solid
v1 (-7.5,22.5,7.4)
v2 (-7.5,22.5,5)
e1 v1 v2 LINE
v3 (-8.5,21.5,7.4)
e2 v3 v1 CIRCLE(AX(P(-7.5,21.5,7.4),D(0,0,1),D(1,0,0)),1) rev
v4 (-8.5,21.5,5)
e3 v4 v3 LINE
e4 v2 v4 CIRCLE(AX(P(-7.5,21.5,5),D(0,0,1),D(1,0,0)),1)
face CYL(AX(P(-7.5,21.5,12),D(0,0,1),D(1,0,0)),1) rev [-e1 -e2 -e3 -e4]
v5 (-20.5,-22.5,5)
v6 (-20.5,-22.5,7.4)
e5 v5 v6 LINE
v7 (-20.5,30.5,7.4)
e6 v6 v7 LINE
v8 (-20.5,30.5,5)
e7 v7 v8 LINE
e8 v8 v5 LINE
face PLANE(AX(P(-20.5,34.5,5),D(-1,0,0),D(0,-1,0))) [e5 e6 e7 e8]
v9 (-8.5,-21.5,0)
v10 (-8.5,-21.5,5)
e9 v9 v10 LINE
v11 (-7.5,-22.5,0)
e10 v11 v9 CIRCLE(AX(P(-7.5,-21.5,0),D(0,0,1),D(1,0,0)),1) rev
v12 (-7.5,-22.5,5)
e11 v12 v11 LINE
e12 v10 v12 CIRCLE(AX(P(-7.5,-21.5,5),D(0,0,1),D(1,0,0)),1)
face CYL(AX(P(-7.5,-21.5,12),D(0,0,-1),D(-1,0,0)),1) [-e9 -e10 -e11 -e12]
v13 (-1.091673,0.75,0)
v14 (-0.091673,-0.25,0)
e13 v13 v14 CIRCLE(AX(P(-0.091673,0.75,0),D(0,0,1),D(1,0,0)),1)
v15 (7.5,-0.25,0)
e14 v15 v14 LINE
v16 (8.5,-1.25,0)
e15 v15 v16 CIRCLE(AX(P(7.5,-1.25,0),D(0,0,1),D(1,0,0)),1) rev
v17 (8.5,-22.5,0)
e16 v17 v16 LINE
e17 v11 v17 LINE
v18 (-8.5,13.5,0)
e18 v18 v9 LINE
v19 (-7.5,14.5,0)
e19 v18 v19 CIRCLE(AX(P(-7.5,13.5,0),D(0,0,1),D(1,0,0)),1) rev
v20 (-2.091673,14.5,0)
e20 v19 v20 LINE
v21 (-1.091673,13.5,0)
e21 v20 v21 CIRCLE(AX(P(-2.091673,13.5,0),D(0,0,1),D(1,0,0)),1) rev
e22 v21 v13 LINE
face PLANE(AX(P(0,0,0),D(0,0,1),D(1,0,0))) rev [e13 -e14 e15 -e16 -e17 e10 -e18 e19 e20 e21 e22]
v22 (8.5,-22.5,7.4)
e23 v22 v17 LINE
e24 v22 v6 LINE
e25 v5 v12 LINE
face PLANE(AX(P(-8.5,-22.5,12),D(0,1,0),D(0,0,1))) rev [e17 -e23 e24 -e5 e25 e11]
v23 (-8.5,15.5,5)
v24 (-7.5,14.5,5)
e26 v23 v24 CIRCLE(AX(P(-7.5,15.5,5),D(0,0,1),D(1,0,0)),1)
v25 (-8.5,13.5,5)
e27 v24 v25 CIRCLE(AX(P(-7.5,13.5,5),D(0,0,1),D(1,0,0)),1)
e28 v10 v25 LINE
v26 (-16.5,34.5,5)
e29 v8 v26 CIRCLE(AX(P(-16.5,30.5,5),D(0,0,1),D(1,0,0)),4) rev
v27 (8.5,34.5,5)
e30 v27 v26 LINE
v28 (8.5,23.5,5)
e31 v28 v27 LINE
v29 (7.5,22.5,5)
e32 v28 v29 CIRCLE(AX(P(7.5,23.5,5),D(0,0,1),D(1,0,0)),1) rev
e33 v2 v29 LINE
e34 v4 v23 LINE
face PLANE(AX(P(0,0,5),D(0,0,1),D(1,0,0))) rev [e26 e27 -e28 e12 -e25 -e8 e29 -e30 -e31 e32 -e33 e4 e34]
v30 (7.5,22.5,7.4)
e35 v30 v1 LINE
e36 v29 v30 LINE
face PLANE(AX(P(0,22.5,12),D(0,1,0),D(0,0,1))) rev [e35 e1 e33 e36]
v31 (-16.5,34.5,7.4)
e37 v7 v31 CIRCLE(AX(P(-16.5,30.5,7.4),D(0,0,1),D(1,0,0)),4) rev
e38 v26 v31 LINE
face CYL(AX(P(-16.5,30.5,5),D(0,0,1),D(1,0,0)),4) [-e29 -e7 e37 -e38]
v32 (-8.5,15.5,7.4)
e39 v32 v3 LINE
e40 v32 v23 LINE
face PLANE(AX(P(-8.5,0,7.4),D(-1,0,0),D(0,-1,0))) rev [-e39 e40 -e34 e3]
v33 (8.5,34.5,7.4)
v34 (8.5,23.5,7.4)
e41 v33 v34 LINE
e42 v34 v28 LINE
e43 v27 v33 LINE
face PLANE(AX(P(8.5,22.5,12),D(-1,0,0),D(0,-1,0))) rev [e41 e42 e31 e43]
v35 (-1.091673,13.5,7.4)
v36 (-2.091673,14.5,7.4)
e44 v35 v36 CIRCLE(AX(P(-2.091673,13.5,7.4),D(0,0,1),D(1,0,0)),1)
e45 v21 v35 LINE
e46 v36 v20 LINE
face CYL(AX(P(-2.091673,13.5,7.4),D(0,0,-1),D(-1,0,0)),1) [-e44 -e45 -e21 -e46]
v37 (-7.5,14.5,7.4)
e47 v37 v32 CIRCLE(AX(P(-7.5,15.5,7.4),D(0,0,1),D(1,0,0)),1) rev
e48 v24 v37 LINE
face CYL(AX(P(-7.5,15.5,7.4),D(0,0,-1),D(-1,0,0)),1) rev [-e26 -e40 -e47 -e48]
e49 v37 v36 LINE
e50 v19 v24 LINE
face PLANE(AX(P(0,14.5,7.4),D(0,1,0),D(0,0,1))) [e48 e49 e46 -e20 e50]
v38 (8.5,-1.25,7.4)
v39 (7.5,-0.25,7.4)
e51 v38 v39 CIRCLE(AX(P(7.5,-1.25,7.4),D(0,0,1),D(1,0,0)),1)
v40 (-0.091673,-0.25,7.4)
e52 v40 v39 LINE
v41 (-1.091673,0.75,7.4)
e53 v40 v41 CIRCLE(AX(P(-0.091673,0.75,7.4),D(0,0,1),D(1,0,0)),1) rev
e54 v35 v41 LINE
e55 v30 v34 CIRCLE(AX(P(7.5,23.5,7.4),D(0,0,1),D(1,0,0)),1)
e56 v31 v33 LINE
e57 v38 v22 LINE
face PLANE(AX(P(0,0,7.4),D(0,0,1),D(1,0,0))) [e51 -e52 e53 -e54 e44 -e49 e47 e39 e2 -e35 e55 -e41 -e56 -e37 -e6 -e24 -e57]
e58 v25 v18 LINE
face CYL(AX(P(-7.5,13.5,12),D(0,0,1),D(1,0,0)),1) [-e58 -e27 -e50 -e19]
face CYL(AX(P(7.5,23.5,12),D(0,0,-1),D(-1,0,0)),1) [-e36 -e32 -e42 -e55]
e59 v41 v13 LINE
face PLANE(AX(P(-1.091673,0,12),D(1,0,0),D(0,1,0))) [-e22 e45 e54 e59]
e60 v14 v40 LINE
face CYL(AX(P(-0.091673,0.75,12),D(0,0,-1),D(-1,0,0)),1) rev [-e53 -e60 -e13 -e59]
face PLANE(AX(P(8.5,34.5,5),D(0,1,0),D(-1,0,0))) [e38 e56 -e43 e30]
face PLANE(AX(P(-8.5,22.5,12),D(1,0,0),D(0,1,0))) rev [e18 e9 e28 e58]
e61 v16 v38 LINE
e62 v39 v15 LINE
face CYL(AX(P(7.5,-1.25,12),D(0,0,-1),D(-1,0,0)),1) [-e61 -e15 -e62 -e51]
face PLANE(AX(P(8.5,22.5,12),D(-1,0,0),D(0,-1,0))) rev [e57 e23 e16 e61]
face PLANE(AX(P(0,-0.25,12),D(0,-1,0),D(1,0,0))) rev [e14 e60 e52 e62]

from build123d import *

# Parameters (mm, degrees)
SKETCH1_W           = 17
SKETCH1_H           = 45
BOSS_EXTRUDE1_DEPTH = 12
BOSS_EXTRUDE2_DEPTH = 7
FILLET1_R           = 4
CUT_EXTRUDE1_DEPTH  = 42.886752082
CUT_EXTRUDE2_START  = -4.6
CUT_EXTRUDE2_DEPTH  = 4.6
SKETCH5_W           = 8
SKETCH5_H           = 8
CUT_EXTRUDE3_DEPTH  = 41.807597332
FILLET2_R           = 1
FILLET3_R           = 1


with BuildPart() as part:
    # Sketch1 → Boss-Extrude1 (new body)
    with BuildSketch(Plane.XY):
        Rectangle(SKETCH1_W, SKETCH1_H)
    extrude(amount=BOSS_EXTRUDE1_DEPTH)

    # Sketch2 → Boss-Extrude2 (add)
    with BuildSketch(Plane.XY.offset(12)):
        Polygon((-8.5, -22.5), (-8.5, 22.5), (8.5, 22.5), (8.5, 34.5), (-20.5, 34.5), (-20.5, -22.5), align=None)
    extrude(amount=-BOSS_EXTRUDE2_DEPTH)

    # Fillet1
    fillet1_edges = [part.edges().sort_by_distance(p)[0] for p in [
        (-20.5, 34.5, 8.5),
    ]]
    fillet(fillet1_edges, radius=FILLET1_R)

    # Sketch3 → Cut-Extrude1 (cut, through all)
    with BuildSketch(Plane(origin=(0, 0, 0), x_dir=(-1, 0, 0), z_dir=(0, 0, -1))):
        Polygon((-2.5, -0.25), (1.091673087, -0.25), (1.091673087, 22.5), (-8.5, 22.5), (-8.5, -0.25), (-3.5, -0.25), align=None)
    extrude(amount=-CUT_EXTRUDE1_DEPTH, mode=Mode.SUBTRACT)

    # Sketch4 → Cut-Extrude2 (cut)
    with BuildSketch(Plane.XY.offset(12).offset(CUT_EXTRUDE2_START)):
        with BuildLine():
            Line((-1.091673087, -0.25), (-1.091673087, 22.5))
            Line((-1.091673087, 22.5), (8.5, 22.5))
            Line((8.5, 22.5), (8.5, 34.5))
            Line((8.5, 34.5), (-16.5, 34.5))
            ThreePointArc((-16.5, 34.5), (-19.328427125, 33.328427125), (-20.5, 30.5))
            Line((-20.5, 30.5), (-20.5, -22.5))
            Line((-20.5, -22.5), (8.5, -22.5))
            Line((8.5, -22.5), (8.5, -0.25))
            Line((8.5, -0.25), (-1.091673087, -0.25))
        make_face()
    extrude(amount=CUT_EXTRUDE2_DEPTH, mode=Mode.SUBTRACT)

    # Sketch5 → Cut-Extrude3 (cut, through all)
    with BuildSketch(Plane(origin=(0, 0, 0), x_dir=(-1, 0, 0), z_dir=(0, 0, -1))):
        with Locations((4.5, 18.5)):
            Rectangle(SKETCH5_W, SKETCH5_H)
    extrude(amount=-CUT_EXTRUDE3_DEPTH, mode=Mode.SUBTRACT)

    # Fillet2
    fillet2_edges = [part.edges().sort_by_distance(p)[0] for p in [
        (-8.5, 22.5, 6.2),
        (-8.5, 14.5, 6.2),
        (-1.091673087, 14.5, 3.7),
        (-1.091673087, -0.25, 3.7),
        (8.5, -0.25, 3.7),
        (8.5, 22.5, 6.2),
    ]]
    fillet(fillet2_edges, radius=FILLET2_R)

    # Fillet3
    fillet3_edges = [part.edges().sort_by_distance(p)[0] for p in [
        (-8.5, -22.5, 2.5),
        (-8.5, 14.5, 2.5),
    ]]
    fillet(fillet3_edges, radius=FILLET3_R)


solid = part.part
